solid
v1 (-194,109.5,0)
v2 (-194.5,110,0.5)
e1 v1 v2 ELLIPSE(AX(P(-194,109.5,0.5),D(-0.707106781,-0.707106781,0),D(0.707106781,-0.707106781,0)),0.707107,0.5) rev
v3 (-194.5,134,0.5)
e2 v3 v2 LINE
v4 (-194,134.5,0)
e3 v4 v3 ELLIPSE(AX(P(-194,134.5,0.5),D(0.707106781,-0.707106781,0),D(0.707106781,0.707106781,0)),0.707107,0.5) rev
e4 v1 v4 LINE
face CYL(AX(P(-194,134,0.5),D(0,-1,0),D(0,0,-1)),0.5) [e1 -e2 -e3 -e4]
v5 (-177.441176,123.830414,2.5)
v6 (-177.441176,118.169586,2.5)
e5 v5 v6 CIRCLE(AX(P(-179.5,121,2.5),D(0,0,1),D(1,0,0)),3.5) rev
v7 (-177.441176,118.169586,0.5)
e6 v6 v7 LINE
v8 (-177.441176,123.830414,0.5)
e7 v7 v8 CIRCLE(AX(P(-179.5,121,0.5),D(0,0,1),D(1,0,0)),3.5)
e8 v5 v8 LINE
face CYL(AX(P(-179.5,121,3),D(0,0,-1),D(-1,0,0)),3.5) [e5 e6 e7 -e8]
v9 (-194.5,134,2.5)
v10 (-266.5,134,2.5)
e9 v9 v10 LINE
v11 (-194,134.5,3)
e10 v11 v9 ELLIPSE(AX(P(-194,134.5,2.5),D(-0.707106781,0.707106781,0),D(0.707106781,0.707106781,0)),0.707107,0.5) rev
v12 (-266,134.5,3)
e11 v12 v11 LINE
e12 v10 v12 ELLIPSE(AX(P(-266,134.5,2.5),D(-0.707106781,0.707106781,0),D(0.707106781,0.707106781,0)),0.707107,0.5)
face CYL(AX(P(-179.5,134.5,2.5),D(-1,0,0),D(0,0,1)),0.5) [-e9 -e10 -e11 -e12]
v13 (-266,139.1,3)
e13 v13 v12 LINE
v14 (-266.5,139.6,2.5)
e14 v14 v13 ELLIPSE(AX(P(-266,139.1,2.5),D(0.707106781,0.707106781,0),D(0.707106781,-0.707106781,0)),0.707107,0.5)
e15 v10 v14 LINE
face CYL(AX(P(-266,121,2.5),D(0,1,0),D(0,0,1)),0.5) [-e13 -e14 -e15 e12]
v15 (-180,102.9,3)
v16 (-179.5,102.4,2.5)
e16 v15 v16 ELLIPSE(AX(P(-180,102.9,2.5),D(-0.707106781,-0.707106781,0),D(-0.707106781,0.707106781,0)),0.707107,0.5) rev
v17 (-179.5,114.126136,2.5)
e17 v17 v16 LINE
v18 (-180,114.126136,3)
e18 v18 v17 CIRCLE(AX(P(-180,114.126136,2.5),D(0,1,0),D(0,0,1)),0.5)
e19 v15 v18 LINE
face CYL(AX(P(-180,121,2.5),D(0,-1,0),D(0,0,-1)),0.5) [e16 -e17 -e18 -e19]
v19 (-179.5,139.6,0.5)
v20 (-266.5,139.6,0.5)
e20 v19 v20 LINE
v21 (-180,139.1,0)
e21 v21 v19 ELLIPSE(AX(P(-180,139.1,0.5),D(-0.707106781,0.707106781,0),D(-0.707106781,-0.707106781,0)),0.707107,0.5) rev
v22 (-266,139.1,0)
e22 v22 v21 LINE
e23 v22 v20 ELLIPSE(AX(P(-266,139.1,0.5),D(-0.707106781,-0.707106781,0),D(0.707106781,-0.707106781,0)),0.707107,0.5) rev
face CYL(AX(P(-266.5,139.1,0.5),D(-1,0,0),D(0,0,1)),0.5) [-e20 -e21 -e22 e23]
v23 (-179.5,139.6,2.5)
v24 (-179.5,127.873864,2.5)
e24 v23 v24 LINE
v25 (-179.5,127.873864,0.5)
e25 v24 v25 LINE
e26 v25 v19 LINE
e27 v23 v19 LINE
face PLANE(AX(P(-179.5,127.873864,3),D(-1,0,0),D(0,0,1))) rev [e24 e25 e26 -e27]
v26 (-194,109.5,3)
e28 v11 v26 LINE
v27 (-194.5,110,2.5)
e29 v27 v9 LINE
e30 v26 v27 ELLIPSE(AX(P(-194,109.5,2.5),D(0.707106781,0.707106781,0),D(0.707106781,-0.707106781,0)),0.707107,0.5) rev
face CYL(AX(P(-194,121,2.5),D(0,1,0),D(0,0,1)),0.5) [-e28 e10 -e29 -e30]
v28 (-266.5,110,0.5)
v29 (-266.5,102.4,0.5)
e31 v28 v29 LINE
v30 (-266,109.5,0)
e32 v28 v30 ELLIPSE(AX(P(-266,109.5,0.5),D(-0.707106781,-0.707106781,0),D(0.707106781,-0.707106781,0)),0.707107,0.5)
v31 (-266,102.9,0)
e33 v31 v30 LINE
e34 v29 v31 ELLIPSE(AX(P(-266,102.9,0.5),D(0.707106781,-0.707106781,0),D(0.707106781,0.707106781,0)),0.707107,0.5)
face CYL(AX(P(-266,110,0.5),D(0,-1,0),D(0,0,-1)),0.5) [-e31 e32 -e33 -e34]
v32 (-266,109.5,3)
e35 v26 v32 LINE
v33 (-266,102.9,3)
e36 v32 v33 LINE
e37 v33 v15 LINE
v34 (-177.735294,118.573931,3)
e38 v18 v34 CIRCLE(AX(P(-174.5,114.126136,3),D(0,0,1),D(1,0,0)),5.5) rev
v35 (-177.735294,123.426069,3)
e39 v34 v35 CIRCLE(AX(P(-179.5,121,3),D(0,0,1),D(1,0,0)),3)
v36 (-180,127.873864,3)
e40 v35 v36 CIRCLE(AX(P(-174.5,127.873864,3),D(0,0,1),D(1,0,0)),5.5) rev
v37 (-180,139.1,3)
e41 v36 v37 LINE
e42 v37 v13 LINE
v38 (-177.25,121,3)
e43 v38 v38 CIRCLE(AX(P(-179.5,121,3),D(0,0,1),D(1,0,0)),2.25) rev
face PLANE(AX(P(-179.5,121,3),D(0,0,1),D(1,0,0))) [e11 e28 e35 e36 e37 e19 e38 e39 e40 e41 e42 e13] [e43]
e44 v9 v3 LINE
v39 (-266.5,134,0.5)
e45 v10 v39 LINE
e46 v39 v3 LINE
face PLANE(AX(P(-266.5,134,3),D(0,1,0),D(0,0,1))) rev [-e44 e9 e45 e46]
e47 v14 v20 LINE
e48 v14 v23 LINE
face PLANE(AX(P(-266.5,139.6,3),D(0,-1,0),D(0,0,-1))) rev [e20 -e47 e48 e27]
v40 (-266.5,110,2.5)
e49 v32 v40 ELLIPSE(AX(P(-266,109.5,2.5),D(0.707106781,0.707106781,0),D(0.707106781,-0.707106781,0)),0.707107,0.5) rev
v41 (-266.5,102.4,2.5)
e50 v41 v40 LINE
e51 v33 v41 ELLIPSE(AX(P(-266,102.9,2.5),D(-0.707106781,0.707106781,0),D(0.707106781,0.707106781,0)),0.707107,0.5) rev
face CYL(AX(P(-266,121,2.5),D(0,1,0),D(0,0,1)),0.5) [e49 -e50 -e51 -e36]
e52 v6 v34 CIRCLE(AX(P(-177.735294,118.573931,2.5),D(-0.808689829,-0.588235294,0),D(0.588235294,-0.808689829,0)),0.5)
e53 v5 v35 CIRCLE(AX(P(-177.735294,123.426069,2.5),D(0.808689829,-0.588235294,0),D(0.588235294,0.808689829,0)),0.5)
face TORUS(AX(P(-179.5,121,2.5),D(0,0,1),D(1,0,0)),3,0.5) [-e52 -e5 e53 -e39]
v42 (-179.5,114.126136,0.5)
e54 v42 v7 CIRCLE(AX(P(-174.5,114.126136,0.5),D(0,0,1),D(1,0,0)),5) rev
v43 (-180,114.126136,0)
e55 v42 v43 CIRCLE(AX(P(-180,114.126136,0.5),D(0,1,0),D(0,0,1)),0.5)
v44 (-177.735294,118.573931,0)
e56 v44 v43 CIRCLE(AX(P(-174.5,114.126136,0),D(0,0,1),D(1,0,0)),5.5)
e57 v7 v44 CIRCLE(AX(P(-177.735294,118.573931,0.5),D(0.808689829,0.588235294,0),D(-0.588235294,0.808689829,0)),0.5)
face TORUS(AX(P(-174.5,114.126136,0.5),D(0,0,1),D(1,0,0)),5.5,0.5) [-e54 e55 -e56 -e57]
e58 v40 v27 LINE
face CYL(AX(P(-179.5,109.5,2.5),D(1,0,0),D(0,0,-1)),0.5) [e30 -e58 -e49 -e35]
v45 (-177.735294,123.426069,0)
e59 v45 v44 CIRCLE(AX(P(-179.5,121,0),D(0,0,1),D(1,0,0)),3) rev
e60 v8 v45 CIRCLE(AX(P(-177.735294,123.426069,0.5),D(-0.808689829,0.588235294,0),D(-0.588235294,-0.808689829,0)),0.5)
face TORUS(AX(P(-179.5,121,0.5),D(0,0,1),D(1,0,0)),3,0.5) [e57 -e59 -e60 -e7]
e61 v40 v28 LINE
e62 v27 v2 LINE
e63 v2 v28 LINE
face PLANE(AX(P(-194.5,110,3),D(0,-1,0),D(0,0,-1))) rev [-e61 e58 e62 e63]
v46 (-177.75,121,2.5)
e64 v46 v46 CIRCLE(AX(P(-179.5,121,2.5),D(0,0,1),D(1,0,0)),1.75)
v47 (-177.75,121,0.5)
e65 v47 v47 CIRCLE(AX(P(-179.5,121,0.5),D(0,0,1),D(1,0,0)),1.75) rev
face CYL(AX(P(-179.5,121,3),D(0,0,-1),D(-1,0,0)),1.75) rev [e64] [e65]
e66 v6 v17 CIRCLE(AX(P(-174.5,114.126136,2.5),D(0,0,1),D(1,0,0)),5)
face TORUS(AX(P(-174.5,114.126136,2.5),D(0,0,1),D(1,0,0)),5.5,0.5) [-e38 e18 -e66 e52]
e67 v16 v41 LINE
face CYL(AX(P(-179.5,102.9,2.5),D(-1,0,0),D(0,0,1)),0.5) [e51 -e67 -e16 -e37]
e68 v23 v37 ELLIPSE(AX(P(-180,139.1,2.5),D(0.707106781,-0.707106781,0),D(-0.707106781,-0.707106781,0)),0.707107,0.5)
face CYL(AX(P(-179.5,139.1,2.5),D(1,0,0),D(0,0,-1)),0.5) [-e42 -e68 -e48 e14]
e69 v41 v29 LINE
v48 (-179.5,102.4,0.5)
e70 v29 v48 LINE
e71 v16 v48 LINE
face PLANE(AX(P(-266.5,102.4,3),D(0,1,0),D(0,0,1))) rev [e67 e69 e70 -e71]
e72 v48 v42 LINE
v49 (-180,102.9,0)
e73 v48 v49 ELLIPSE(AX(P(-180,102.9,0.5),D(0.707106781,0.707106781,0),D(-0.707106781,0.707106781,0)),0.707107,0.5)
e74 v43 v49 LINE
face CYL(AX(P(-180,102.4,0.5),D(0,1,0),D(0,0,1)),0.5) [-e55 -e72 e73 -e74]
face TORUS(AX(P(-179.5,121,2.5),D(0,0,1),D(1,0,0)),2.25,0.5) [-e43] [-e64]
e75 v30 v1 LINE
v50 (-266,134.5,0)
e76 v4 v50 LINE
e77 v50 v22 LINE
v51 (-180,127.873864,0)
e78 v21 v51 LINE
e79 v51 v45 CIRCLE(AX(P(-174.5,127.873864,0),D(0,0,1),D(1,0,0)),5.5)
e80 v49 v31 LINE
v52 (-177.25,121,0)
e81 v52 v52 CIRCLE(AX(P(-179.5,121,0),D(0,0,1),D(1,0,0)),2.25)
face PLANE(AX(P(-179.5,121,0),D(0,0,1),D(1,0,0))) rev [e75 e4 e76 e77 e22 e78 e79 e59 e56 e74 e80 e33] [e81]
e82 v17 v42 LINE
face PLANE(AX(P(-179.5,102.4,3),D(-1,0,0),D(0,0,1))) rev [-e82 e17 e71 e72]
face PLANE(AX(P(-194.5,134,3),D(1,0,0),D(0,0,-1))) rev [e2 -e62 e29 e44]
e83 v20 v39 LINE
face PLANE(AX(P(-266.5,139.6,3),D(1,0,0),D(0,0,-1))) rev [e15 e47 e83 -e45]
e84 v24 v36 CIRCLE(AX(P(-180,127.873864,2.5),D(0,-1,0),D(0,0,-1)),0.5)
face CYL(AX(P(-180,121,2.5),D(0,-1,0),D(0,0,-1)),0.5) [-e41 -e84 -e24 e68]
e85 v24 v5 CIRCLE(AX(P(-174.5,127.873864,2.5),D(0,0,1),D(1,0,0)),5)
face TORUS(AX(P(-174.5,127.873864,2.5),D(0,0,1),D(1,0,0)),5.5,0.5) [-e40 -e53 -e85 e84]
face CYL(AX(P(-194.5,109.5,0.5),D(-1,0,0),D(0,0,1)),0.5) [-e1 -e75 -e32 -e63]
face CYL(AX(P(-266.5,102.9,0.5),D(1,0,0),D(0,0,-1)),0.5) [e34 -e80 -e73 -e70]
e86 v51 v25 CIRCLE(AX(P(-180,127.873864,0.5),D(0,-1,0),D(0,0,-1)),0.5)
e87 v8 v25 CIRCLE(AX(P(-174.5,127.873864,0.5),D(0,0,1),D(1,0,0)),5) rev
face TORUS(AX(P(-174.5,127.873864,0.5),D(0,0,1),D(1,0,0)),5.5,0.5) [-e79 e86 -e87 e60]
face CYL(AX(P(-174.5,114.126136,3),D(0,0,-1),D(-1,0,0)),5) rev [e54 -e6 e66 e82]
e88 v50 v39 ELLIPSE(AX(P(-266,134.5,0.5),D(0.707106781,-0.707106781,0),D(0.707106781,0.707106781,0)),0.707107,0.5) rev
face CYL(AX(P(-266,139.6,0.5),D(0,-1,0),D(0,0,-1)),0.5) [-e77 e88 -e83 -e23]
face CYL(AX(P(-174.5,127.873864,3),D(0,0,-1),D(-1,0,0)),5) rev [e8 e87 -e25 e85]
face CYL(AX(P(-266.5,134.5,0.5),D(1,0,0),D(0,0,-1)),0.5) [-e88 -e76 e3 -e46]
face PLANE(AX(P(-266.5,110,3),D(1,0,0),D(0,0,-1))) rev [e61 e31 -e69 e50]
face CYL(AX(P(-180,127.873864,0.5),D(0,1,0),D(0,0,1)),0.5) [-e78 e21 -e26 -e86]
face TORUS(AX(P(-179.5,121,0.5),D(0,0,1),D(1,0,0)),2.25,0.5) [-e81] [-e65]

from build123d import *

# Parameters (mm, degrees)
SKETCH1_R           = 1.75
BOSS_EXTRUDE1_DEPTH = 3
FILLET1_R           = 0.5


with BuildPart() as part:
    # Sketch1 → Boss-Extrude1 (new body)
    with BuildSketch(Plane.XY):
        with BuildLine():
            Line((-266.5, 139.6), (-179.5, 139.6))
            Line((-179.5, 139.6), (-179.5, 127.873863542))
            ThreePointArc((-179.5, 127.873863542), (-178.955663943, 125.60515051), (-177.441176471, 123.8304144))
            ThreePointArc((-177.441176471, 123.8304144), (-176, 121), (-177.441176471, 118.1695856))
            ThreePointArc((-177.441176471, 118.1695856), (-178.955663943, 116.39484949), (-179.5, 114.126136458))
            Line((-179.5, 114.126136458), (-179.5, 102.4))
            Line((-179.5, 102.4), (-266.5, 102.4))
            Line((-266.5, 102.4), (-266.5, 110))
            Line((-266.5, 110), (-194.5, 110))
            Line((-194.5, 110), (-194.5, 134))
            Line((-194.5, 134), (-266.5, 134))
            Line((-266.5, 134), (-266.5, 139.6))
        make_face()
        with Locations((-179.5, 121)):
            Circle(SKETCH1_R, mode=Mode.SUBTRACT)
    extrude(amount=BOSS_EXTRUDE1_DEPTH)

    # Fillet1
    fillet1_edges = [part.edges().sort_by_distance(p)[0] for p in [
        (-178.955663943, 116.39484949, 0),
        (-179.5, 108.263068229, 0),
        (-179.5, 133.736931771, 3),
        (-223, 102.4, 0),
        (-266.5, 106.2, 0),
        (-230.5, 110, 0),
        (-194.5, 122, 0),
        (-230.5, 134, 0),
        (-266.5, 136.8, 0),
        (-223, 139.6, 0),
        (-179.5, 133.736931771, 0),
        (-178.955663943, 125.60515051, 0),
        (-176, 121, 0),
        (-223, 139.6, 3),
        (-266.5, 136.8, 3),
        (-230.5, 134, 3),
        (-194.5, 122, 3),
        (-181.25, 121, 0),
        (-181.25, 121, 3),
        (-230.5, 110, 3),
        (-266.5, 106.2, 3),
        (-223, 102.4, 3),
        (-179.5, 108.263068229, 3),
        (-178.955663943, 116.39484949, 3),
        (-176, 121, 3),
        (-178.955663943, 125.60515051, 3),
    ]]
    fillet(fillet1_edges, radius=FILLET1_R)


solid = part.part
